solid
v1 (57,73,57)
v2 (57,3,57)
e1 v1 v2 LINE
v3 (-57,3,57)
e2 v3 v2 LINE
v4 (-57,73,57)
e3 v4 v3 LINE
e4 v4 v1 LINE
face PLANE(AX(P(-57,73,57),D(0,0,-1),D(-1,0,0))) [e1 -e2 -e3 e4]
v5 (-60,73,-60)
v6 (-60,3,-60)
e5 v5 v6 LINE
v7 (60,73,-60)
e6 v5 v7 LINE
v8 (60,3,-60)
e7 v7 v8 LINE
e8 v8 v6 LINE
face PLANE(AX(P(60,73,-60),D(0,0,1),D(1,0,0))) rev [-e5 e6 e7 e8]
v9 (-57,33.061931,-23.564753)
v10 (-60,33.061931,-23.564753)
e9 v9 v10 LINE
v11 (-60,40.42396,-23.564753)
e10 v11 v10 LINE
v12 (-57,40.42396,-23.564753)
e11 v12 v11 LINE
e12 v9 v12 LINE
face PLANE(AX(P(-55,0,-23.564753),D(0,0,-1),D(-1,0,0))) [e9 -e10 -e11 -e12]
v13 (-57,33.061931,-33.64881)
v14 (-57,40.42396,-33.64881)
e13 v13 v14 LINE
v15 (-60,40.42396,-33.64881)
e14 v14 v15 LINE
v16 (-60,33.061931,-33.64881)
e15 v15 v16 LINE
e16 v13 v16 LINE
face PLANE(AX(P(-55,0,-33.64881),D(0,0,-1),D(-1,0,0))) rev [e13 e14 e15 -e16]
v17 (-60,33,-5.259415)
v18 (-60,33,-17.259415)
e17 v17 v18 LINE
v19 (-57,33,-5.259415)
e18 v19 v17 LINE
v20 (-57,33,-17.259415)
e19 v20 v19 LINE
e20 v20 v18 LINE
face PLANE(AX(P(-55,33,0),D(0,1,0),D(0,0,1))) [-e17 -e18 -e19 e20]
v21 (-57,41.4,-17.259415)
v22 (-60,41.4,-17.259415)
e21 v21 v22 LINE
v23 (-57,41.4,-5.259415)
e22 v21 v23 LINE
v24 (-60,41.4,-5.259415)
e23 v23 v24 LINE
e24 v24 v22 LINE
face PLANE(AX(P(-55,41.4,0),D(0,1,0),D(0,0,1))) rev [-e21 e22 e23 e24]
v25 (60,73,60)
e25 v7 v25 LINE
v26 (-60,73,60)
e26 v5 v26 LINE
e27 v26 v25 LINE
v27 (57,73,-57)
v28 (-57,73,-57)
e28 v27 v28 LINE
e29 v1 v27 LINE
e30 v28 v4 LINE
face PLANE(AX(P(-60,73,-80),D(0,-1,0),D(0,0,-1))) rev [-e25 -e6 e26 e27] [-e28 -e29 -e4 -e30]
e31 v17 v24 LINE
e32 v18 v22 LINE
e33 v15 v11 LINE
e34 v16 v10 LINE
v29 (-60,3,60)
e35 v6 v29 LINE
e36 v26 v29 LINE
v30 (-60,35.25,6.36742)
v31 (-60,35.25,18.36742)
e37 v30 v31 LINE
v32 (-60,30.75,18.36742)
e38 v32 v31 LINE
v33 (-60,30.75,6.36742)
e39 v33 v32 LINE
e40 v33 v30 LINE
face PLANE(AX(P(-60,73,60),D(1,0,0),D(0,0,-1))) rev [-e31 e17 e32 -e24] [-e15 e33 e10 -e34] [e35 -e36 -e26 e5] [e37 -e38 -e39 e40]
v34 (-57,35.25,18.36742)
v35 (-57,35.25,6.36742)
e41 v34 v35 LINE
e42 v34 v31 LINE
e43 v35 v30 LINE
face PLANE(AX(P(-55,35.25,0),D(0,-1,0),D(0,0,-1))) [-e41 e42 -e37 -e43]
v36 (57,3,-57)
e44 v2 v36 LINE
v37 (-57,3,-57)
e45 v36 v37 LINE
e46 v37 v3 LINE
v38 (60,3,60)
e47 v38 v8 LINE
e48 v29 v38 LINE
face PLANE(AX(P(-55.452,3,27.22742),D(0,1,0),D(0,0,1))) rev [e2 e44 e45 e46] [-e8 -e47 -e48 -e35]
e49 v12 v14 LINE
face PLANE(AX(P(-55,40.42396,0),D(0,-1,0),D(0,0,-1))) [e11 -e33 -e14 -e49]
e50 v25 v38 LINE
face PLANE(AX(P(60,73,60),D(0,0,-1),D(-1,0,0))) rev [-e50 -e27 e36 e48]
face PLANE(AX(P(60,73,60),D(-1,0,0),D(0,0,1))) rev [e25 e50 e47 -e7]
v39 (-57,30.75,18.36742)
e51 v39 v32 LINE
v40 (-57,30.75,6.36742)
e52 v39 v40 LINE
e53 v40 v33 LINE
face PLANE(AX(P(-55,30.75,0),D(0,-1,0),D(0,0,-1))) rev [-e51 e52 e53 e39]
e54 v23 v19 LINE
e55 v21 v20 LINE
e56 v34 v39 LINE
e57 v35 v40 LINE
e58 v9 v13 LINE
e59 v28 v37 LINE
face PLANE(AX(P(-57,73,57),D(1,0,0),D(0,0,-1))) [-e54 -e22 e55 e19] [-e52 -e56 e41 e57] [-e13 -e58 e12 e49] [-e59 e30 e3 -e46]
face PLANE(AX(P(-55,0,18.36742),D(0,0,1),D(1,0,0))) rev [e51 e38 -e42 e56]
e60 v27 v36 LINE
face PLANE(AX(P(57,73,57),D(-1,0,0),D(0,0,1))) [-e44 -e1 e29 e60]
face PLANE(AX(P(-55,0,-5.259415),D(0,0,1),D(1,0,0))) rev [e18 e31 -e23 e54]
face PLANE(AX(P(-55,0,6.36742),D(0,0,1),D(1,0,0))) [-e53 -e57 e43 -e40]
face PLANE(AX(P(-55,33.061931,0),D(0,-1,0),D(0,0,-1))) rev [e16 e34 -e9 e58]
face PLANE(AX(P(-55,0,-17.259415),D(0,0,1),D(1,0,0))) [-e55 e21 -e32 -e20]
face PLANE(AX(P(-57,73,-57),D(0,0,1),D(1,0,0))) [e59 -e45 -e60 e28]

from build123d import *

# Parameters (mm, degrees)
SKETCH1_W           = 140
SKETCH1_H           = 160
BOSS_EXTRUDE1_DEPTH = 3
SKETCH2_W           = 120
SKETCH2_H           = 120
SKETCH2_W_2         = 114
SKETCH2_H_2         = 114
BOSS_EXTRUDE2_DEPTH = 70
SKETCH4_W           = 120
SKETCH4_H           = 120
BOSS_EXTRUDE4_DEPTH = 3
SKETCH5_R           = 2.1
SKETCH5_W           = 39.9
SKETCH5_H           = 19.71
CUT_EXTRUDE2_DEPTH  = 3
SKETCH6_W           = 18.298163042
SKETCH6_H           = 17.309993256
CUT_EXTRUDE3_DEPTH  = 3
CUT_EXTRUDE8_DEPTH  = 5
SKETCH15_W          = 259.021634325
SKETCH15_H          = 180.269434884
BOSS_EXTRUDE5_DEPTH = 3
SKETCH18_R          = 1.6
CUT_EXTRUDE9_DEPTH  = 10
SKETCH19_W          = 12
SKETCH19_H          = 4.5
SKETCH19_H_2        = 8.4
SKETCH19_W_2        = 10.084057066
SKETCH19_H_3        = 7.362028533
CUT_EXTRUDE11_DEPTH = 5
SKETCH20_W          = 263.921538054
SKETCH20_H          = 19.630552878
SKETCH20_W_2        = 120
SKETCH20_H_2        = 3
CUT_EXTRUDE12_DEPTH = 233.259150239
SKETCH21_W          = 259.021634325
SKETCH21_H          = 40.269434884
CUT_EXTRUDE13_DEPTH = 209.619923406


with BuildPart() as part:
    # Sketch1 → Boss-Extrude1 (new body)
    with BuildSketch(Plane(origin=(0, 0, 0), x_dir=(1, 0, 0), z_dir=(0, 1, 0))):
        Rectangle(SKETCH1_W, SKETCH1_H)
    extrude(amount=BOSS_EXTRUDE1_DEPTH)

    # Sketch2 → Boss-Extrude2 (add)
    with BuildSketch(Plane(origin=(0, 3, 0), x_dir=(1, 0, 0), z_dir=(0, 1, 0))):
        Rectangle(SKETCH2_W, SKETCH2_H)
        Rectangle(SKETCH2_W_2, SKETCH2_H_2, mode=Mode.SUBTRACT)
    extrude(amount=BOSS_EXTRUDE2_DEPTH)

    # Sketch4 → Boss-Extrude4 (add)
    with BuildSketch(Plane(origin=(0, 73, 0), x_dir=(1, 0, 0), z_dir=(0, 1, 0))):
        Rectangle(SKETCH4_W, SKETCH4_H)
    extrude(amount=BOSS_EXTRUDE4_DEPTH)

    # Sketch5 → Cut-Extrude2 (cut)
    with BuildSketch(Plane(origin=(0, 76, 0), x_dir=(1, 0, 0), z_dir=(0, 1, 0))):
        with Locations(Location((34.39, -4.925, 0), (0, 0, 270))):
            Circle(SKETCH5_R)
        with Locations(Location((34.39, 4.925, 0), (0, 0, 270))):
            Circle(SKETCH5_R)
        with Locations(Location((-15.03, -4.925, 0), (0, 0, 270))):
            Circle(SKETCH5_R)
        with Locations(Location((-15.03, 4.925, 0), (0, 0, 270))):
            Circle(SKETCH5_R)
        with Locations((9.68, 0)):
            Rectangle(SKETCH5_W, SKETCH5_H)
    extrude(amount=-CUT_EXTRUDE2_DEPTH, mode=Mode.SUBTRACT)

    # Sketch6 → Cut-Extrude3 (cut)
    with BuildSketch(Plane(origin=(0, 76, 0), x_dir=(1, 0, 0), z_dir=(0, 1, 0))):
        Rectangle(SKETCH6_W, SKETCH6_H)
    extrude(amount=-CUT_EXTRUDE3_DEPTH, mode=Mode.SUBTRACT)

    # Sketch13 → Cut-Extrude8 (cut)
    with BuildSketch(Plane(origin=(0, 76, 0), x_dir=(1, 0, 0), z_dir=(0, 1, 0))):
        with BuildLine():
            ThreePointArc((-3.792582359, 49.728765052), (-53.491503795, -1.722579942), (-0.349490011, -49.609426409))
            ThreePointArc((-0.349490011, -49.609426409), (5.82592347, -42.51288634), (-1.270616599, -36.337472859))
            ThreePointArc((-1.270616599, -36.337472859), (-40.195607742, -1.261740085), (-3.792582359, 36.42488497))
            ThreePointArc((-3.792582359, 36.42488497), (2.859357682, 43.076825011), (-3.792582359, 49.728765052))
        make_face()
    extrude(amount=-CUT_EXTRUDE8_DEPTH, mode=Mode.SUBTRACT)

    # Sketch15 → Boss-Extrude5 (add)
    with BuildSketch(Plane(origin=(0, 3, 0), x_dir=(1, 0, 0), z_dir=(0, 1, 0))):
        with Locations((-39.510817163, -10.134717442)):
            Rectangle(SKETCH15_W, SKETCH15_H)
    extrude(amount=-BOSS_EXTRUDE5_DEPTH)

    # Sketch18 → Cut-Extrude9 (cut)
    with BuildSketch(Plane(origin=(0, 3, 0), x_dir=(1, 0, 0), z_dir=(0, 1, 0))):
        with Locations(Location((-55.452, -27.227420358, 0), (0, 0, 194.647469308))):
            Circle(SKETCH18_R)
        with Locations(Location((-55.452, 32.208579642, 0), (0, 0, 194.647469308))):
            Circle(SKETCH18_R)
        with Locations(Location((4.746, 32.208579642, 0), (0, 0, 270))):
            Circle(SKETCH18_R)
        with Locations(Location((4.746, -27.227420358, 0), (0, 0, 270))):
            Circle(SKETCH18_R)
    extrude(amount=-CUT_EXTRUDE9_DEPTH, mode=Mode.SUBTRACT)

    # Sketch19 → Cut-Extrude11 (cut)
    with BuildSketch(Plane.ZY.offset(60)):
        with Locations((12.367420358, 33)):
            Rectangle(SKETCH19_W, SKETCH19_H)
        with Locations((-11.259414931, 37.2)):
            Rectangle(SKETCH19_W, SKETCH19_H_2)
        with Locations((-28.606781654, 36.742945388)):
            Rectangle(SKETCH19_W_2, SKETCH19_H_3)
    extrude(amount=-CUT_EXTRUDE11_DEPTH, mode=Mode.SUBTRACT)

    # Sketch20 → Cut-Extrude12 (cut, through all)
    with BuildSketch(Plane.XY.offset(60)):
        with Locations((-37.060865298, -6.815276439)):
            Rectangle(SKETCH20_W, SKETCH20_H)
        with Locations((0, 74.5)):
            Rectangle(SKETCH20_W_2, SKETCH20_H_2)
    extrude(amount=-CUT_EXTRUDE12_DEPTH, mode=Mode.SUBTRACT)


with BuildPart() as cut_extrude12_piece_1:
    # of the separate pieces the step leaves, piece 1, a body of its own (cut_extrude12_pieces)
    add(part.part.solids().sort_by_distance((60, 73, 60))[0])


with BuildPart() as cut_extrude12_piece_2:
    # of the separate pieces the step leaves, piece 2, a body of its own (cut_extrude12_pieces)
    add(part.part.solids().sort_by_distance((90, 0, 60))[0])

    # Sketch21 → Cut-Extrude13 (cut, through all)
    with BuildSketch(Plane(origin=(0, 3, 0), x_dir=(1, 0, 0), z_dir=(0, 1, 0))):
        with Locations((-39.510817163, -80.134717442)):
            Rectangle(SKETCH21_W, SKETCH21_H)
    extrude(amount=-CUT_EXTRUDE13_DEPTH, mode=Mode.SUBTRACT)


solid = cut_extrude12_piece_1.part
